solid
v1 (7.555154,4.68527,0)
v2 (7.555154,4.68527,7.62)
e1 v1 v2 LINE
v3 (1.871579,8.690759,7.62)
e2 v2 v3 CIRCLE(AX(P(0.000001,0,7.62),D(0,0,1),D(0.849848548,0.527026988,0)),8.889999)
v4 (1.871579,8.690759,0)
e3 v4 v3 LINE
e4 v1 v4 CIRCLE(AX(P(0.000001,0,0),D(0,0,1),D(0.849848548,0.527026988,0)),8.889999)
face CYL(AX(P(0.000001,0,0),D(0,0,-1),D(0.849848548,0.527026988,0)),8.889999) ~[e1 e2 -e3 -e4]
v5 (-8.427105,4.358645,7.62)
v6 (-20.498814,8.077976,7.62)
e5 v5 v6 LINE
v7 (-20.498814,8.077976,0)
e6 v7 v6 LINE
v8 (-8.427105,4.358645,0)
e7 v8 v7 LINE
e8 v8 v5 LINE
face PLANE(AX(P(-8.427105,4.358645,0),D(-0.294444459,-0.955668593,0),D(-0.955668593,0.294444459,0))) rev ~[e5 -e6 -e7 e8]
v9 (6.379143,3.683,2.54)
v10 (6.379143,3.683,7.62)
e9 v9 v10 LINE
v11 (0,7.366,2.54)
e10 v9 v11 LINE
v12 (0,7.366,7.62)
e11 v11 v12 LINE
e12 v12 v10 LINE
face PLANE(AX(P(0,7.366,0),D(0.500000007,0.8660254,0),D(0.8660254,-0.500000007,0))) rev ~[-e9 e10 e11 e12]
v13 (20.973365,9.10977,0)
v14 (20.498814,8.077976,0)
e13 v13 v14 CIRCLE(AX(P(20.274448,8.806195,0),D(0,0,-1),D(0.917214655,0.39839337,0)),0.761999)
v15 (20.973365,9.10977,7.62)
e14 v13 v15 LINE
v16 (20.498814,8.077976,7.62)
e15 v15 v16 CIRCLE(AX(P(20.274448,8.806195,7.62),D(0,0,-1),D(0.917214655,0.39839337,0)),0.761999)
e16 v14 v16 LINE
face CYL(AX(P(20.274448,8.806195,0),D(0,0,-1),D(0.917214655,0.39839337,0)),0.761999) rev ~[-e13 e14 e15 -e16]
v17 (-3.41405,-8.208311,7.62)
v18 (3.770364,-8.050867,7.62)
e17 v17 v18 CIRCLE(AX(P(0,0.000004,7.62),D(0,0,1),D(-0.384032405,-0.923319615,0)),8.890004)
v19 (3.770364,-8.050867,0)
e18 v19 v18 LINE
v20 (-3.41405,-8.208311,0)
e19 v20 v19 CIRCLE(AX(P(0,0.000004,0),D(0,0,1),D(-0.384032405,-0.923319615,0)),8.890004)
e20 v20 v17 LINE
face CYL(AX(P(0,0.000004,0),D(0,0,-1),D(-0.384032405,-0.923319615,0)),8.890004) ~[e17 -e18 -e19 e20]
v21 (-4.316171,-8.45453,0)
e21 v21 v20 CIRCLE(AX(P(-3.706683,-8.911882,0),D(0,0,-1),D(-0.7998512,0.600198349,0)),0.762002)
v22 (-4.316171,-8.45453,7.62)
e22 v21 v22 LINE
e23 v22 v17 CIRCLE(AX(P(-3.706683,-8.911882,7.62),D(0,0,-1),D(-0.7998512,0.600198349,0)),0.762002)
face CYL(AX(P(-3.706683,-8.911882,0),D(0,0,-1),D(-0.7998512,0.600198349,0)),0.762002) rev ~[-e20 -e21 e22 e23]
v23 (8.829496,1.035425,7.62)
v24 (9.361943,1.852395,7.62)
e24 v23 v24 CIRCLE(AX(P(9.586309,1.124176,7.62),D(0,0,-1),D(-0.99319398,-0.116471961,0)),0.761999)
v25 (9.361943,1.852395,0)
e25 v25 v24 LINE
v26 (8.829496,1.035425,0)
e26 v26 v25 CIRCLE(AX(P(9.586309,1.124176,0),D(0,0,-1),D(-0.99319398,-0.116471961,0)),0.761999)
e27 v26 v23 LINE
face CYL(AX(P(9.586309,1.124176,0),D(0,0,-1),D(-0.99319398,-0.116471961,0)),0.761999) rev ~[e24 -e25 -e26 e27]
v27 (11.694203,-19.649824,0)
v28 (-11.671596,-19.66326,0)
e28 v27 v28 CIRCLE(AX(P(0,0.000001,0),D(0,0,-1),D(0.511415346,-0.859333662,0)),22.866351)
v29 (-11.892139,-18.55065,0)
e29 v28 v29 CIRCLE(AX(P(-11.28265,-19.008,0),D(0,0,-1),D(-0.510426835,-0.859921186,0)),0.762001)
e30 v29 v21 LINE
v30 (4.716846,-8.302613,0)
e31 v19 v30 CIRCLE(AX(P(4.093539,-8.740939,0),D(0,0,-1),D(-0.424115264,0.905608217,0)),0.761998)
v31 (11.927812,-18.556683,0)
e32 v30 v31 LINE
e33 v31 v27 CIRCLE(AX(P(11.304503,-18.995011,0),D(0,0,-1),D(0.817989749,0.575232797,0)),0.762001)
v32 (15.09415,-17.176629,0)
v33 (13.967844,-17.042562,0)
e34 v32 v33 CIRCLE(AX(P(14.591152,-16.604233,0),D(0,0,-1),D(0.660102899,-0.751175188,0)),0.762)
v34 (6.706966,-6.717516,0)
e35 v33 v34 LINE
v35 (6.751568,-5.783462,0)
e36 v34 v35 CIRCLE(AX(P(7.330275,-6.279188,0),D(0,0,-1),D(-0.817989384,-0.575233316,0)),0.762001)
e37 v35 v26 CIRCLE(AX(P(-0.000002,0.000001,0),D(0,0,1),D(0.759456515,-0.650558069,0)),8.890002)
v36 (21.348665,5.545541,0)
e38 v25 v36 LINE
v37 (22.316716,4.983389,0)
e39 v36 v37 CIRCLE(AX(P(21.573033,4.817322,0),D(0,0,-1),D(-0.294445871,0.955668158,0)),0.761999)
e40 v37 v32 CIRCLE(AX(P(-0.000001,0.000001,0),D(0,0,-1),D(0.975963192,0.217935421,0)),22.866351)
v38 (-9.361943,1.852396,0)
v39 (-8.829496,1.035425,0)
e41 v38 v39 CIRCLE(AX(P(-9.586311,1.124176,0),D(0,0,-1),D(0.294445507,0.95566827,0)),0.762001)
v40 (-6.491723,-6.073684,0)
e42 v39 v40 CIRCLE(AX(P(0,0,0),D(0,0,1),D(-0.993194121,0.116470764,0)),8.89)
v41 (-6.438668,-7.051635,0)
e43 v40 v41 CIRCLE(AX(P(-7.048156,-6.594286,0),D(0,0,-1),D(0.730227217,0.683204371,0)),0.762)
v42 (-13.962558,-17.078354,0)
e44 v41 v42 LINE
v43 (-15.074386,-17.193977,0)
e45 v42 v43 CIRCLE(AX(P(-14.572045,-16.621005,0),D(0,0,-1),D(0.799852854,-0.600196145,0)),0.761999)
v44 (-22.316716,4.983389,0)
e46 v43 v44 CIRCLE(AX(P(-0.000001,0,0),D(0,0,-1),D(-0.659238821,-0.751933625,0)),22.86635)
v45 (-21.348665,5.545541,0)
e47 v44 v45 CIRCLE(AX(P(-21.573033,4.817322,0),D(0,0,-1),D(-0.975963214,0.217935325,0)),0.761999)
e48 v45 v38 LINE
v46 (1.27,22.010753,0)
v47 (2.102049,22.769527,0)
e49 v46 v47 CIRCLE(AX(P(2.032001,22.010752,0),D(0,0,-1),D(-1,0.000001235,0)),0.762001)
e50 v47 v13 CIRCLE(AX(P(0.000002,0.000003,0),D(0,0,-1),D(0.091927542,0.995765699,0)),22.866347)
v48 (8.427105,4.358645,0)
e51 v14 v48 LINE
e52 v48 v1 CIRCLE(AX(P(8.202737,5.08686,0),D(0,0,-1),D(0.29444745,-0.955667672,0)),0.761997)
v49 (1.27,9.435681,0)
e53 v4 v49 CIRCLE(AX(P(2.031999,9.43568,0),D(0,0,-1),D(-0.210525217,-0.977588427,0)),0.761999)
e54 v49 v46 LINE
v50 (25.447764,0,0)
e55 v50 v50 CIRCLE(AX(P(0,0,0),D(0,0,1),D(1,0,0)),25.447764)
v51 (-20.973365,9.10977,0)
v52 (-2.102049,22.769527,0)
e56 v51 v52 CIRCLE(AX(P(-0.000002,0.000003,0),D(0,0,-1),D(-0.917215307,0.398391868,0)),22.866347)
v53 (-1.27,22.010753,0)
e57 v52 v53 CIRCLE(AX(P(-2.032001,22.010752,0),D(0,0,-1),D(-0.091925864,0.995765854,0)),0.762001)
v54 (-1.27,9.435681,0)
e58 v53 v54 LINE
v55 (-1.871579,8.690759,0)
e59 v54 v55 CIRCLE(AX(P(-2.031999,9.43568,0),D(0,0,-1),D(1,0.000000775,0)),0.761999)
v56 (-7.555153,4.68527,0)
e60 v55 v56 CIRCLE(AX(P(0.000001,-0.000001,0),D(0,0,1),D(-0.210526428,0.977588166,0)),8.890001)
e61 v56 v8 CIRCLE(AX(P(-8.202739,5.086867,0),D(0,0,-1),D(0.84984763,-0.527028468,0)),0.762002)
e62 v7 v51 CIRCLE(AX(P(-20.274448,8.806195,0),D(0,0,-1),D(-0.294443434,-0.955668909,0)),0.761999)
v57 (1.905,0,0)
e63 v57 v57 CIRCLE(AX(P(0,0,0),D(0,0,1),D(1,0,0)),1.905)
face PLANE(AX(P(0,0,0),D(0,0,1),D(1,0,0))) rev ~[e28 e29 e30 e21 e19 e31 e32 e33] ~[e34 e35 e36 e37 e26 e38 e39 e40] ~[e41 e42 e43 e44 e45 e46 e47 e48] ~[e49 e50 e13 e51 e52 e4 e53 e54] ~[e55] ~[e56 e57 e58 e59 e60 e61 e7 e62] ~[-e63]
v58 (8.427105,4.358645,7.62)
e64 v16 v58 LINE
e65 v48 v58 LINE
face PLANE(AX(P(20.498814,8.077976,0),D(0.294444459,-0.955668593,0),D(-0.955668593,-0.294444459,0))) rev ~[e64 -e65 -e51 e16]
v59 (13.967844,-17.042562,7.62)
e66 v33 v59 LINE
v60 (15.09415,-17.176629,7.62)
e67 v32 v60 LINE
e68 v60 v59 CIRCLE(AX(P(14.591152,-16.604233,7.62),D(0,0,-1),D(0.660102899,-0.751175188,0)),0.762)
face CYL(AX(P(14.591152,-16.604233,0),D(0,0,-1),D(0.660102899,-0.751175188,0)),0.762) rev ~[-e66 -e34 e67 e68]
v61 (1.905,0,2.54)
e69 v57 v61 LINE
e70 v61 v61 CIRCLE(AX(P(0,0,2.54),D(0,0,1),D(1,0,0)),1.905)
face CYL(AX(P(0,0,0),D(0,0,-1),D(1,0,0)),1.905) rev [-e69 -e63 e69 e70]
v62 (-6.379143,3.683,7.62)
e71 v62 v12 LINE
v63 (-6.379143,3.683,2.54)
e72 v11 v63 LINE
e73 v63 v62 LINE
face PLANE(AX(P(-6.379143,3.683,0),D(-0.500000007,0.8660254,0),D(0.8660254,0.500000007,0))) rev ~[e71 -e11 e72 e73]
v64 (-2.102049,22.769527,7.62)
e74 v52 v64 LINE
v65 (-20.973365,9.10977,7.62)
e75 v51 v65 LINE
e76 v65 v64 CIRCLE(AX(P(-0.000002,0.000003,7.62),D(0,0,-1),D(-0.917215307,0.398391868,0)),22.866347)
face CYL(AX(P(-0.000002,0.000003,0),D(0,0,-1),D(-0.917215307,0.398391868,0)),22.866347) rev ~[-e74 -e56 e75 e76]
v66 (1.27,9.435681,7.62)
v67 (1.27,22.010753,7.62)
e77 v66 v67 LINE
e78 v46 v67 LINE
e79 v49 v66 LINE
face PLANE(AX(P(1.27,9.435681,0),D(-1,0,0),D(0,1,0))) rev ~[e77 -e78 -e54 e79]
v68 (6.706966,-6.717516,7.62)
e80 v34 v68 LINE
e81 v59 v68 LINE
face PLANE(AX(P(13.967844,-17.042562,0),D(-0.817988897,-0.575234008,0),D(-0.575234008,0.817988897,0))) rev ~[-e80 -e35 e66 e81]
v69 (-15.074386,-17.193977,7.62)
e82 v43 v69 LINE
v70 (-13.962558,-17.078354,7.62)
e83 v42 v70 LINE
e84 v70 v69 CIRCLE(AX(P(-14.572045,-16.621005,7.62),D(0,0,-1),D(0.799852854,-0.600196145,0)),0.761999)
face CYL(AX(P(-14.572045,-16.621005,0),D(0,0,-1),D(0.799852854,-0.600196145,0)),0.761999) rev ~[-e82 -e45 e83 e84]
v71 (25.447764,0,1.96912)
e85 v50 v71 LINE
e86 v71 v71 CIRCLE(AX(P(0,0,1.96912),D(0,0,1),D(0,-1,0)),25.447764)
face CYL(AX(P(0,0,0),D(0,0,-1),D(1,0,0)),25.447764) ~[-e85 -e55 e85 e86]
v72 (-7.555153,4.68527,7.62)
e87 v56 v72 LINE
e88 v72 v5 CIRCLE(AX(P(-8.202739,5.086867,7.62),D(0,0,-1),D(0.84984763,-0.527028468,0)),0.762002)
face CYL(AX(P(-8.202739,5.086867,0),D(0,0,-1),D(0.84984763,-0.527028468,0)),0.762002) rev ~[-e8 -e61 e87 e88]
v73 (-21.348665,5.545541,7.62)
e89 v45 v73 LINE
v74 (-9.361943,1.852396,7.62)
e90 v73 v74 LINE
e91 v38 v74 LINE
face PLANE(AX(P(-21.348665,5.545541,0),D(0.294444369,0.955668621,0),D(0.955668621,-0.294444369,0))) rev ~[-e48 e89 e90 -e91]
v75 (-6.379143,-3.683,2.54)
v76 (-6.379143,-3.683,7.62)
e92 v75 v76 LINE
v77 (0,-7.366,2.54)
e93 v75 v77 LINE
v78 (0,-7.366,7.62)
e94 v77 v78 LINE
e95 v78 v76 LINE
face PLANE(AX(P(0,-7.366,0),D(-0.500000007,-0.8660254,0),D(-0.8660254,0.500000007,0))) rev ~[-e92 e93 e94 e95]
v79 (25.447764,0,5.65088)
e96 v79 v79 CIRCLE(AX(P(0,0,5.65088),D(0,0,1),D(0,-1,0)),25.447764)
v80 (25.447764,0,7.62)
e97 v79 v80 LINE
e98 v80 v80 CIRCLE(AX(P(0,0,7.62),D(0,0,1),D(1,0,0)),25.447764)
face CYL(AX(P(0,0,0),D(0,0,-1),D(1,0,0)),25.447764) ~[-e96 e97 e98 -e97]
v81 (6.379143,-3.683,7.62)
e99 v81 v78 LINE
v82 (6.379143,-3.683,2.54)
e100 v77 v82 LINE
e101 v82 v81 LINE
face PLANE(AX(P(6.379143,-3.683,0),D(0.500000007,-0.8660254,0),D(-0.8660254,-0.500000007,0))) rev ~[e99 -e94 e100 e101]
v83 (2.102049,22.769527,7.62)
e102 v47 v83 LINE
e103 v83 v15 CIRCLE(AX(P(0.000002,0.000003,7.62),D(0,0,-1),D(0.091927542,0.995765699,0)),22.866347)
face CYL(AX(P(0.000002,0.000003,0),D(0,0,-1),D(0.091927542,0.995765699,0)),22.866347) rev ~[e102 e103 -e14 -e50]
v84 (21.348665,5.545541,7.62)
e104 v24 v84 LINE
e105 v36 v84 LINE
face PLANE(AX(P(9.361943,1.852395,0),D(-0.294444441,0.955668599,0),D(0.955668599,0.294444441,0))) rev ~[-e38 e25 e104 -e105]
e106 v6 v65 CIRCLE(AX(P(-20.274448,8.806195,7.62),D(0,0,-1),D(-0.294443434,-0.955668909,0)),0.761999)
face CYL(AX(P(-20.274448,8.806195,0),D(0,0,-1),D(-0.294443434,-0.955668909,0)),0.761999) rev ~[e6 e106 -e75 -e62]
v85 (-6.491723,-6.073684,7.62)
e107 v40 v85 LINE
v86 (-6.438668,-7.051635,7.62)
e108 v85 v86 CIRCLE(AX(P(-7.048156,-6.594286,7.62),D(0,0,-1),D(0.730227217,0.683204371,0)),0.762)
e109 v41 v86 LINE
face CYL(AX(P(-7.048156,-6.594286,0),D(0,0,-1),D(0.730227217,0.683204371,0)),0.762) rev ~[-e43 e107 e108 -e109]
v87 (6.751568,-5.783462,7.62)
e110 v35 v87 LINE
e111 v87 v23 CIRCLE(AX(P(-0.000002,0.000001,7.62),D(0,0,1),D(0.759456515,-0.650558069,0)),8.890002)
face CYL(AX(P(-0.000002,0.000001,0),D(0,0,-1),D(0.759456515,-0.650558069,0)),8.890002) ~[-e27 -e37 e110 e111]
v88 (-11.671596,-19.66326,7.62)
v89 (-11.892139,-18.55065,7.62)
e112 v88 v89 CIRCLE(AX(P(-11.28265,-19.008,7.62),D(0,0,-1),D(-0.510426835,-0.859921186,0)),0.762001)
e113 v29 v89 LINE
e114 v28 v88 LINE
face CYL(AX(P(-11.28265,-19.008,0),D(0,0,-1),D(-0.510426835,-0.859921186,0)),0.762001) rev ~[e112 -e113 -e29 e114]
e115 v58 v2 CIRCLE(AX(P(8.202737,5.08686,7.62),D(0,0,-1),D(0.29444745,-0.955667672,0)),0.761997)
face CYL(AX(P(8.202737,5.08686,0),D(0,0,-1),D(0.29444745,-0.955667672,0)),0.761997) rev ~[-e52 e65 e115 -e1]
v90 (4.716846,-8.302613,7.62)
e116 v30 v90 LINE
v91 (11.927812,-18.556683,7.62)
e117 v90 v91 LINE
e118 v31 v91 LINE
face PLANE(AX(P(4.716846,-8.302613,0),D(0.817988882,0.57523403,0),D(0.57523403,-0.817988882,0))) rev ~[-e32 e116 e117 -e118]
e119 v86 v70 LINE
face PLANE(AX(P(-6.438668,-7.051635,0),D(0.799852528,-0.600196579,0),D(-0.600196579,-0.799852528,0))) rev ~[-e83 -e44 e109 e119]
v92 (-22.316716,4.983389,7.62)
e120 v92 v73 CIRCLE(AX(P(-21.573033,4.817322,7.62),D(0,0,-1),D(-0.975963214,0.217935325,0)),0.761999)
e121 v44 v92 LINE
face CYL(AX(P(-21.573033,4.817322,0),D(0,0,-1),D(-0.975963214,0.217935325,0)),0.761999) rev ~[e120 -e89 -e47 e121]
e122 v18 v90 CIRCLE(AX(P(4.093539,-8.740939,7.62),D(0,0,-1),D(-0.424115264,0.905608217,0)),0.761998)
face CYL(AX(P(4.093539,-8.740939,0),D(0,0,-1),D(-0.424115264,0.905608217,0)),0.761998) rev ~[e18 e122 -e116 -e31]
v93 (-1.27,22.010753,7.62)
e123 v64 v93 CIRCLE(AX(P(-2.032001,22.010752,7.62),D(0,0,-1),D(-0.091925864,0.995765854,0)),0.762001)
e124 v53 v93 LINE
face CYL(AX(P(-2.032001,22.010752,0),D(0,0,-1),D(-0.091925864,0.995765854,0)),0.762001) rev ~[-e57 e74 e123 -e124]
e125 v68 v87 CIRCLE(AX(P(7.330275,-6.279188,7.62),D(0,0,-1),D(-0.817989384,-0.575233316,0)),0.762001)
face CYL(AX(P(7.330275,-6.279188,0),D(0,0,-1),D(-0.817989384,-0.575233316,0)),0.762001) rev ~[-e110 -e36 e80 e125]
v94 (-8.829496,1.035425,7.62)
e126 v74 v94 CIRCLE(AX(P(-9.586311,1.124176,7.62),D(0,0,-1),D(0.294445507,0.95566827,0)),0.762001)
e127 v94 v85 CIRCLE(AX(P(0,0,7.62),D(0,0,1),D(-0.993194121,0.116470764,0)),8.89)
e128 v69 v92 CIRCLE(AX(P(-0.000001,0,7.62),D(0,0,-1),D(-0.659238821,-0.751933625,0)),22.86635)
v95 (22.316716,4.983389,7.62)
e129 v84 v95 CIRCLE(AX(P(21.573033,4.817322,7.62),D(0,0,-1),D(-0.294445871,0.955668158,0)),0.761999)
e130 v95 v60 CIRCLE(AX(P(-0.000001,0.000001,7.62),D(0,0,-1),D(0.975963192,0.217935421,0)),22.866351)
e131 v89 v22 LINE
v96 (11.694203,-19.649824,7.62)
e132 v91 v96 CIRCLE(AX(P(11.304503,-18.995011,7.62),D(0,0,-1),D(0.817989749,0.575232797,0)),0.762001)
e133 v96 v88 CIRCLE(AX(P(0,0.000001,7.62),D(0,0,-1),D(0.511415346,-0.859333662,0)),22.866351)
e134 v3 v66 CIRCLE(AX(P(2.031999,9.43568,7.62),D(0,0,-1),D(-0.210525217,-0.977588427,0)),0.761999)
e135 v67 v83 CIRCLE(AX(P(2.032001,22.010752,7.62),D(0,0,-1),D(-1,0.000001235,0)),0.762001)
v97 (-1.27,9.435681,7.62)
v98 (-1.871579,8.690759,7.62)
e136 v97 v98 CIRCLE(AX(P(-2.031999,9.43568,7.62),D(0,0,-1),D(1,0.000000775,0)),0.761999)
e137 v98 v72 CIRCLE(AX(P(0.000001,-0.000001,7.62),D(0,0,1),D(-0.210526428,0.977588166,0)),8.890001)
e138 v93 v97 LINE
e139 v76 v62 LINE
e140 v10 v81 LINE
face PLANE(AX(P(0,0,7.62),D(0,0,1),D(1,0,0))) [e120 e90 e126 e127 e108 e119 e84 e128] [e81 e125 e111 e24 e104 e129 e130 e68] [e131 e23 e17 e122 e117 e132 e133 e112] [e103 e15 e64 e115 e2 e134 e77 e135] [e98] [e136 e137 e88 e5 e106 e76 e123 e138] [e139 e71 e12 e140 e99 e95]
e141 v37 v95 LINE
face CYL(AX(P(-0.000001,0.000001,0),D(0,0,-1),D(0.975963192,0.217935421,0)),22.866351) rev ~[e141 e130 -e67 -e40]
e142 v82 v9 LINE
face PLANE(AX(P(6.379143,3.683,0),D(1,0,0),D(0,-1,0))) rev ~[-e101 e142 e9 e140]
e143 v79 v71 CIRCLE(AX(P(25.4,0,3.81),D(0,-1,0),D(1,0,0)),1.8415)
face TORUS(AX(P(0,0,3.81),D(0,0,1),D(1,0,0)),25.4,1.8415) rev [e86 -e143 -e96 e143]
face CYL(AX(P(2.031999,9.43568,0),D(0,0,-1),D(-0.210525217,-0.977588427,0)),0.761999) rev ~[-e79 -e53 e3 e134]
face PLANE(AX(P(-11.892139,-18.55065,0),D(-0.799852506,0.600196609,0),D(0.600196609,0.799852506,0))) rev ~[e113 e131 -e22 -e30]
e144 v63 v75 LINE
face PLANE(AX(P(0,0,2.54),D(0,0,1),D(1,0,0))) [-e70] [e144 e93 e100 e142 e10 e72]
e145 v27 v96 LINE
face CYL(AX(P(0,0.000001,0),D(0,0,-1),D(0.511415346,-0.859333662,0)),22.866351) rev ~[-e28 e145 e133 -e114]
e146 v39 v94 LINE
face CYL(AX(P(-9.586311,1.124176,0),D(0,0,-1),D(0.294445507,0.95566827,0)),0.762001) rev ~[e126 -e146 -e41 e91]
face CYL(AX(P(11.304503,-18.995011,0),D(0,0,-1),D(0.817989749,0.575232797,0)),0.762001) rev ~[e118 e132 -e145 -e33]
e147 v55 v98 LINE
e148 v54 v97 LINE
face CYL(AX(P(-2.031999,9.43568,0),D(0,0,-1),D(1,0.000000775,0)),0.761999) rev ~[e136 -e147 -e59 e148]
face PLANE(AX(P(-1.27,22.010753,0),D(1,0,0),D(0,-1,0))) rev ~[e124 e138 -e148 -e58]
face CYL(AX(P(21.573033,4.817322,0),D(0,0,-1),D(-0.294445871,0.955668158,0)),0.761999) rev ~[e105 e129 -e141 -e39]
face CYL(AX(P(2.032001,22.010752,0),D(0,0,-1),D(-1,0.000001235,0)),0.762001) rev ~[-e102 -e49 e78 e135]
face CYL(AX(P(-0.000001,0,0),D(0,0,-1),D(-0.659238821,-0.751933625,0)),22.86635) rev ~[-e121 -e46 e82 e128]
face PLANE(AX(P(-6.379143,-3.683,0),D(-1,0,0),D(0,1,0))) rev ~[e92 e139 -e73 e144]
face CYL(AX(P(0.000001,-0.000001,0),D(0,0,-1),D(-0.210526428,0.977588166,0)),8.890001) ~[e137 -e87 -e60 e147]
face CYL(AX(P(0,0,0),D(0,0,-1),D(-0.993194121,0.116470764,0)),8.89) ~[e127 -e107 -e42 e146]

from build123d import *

# Parameters (mm, degrees)
F0_R     = 25.447764
F1_DEPTH = 7.62
F0_R_2   = 1.905
F2_DEPTH = 2.54
F4_R     = 1.8415


with BuildPart() as f1:
    # F0 (on Top) → F1 (new body)
    with BuildSketch(Plane.XY):
        Circle(F0_R)
        with BuildLine():
            ThreePointArc((-15.074386, -17.193977), (-21.736663, -7.098412), (-22.316716, 4.983389))
            ThreePointArc((-22.316716, 4.983389), (-21.955689, 5.476274), (-21.348665, 5.545541))
            Line((-21.348665, 5.545541), (-9.361943, 1.852396))
            ThreePointArc((-9.361943, 1.852396), (-8.947922, 1.540235), (-8.829496, 1.035425))
            ThreePointArc((-8.829496, 1.035425), (-8.445105, -2.777104), (-6.491723, -6.073684))
            ThreePointArc((-6.491723, -6.073684), (-6.287275, -6.553007), (-6.438668, -7.051635))
            Line((-6.438668, -7.051635), (-13.962558, -17.078354))
            ThreePointArc((-13.962558, -17.078354), (-14.493227, -17.378917), (-15.074386, -17.193977))
        make_face(mode=Mode.SUBTRACT)
        with BuildLine():
            Line((-11.892139, -18.55065), (-4.316171, -8.45453))
            ThreePointArc((-4.316171, -8.45453), (-3.90732, -8.176769), (-3.41405, -8.208311))
            ThreePointArc((-3.41405, -8.208311), (0.194774, -8.887866), (3.770364, -8.050867))
            ThreePointArc((3.770364, -8.050867), (4.289406, -8.004544), (4.716846, -8.302613))
            Line((4.716846, -8.302613), (11.927812, -18.556683))
            ThreePointArc((11.927812, -18.556683), (12.049678, -19.154259), (11.694203, -19.649824))
            ThreePointArc((11.694203, -19.649824), (0.013149, -22.866346), (-11.671596, -19.66326))
            ThreePointArc((-11.671596, -19.66326), (-12.030108, -19.156162), (-11.892139, -18.55065))
        make_face(mode=Mode.SUBTRACT)
        with BuildLine():
            Line((13.967844, -17.042562), (6.706966, -6.717516))
            ThreePointArc((6.706966, -6.717516), (6.569141, -6.242843), (6.751568, -5.783462))
            ThreePointArc((6.751568, -5.783462), (8.503922, -2.591411), (8.829496, 1.035425))
            ThreePointArc((8.829496, 1.035425), (8.947922, 1.540235), (9.361943, 1.852395))
            Line((9.361943, 1.852395), (21.348665, 5.545541))
            ThreePointArc((21.348665, 5.545541), (21.955689, 5.476274), (22.316716, 4.983389))
            ThreePointArc((22.316716, 4.983389), (21.740741, -7.085911), (15.09415, -17.176629))
            ThreePointArc((15.09415, -17.176629), (14.501085, -17.360892), (13.967844, -17.042562))
        make_face(mode=Mode.SUBTRACT)
        with BuildLine():
            ThreePointArc((-1.27, 9.435681), (-1.439174, 8.956931), (-1.871579, 8.690759))
            ThreePointArc((-1.871579, 8.690759), (-5.121211, 7.266725), (-7.555153, 4.68527))
            ThreePointArc((-7.555153, 4.68527), (-7.935438, 4.373286), (-8.427105, 4.358645))
            Line((-8.427105, 4.358645), (-20.498814, 8.077976))
            ThreePointArc((-20.498814, 8.077976), (-20.966736, 8.487792), (-20.973365, 9.10977))
            ThreePointArc((-20.973365, 9.10977), (-13.407682, 18.523068), (-2.102049, 22.769527))
            ThreePointArc((-2.102049, 22.769527), (-1.518548, 22.57379), (-1.27, 22.010753))
            Line((-1.27, 22.010753), (-1.27, 9.435681))
        make_face(mode=Mode.SUBTRACT)
        Polygon((6.379143, -3.683), (0, -7.366), (-6.379143, -3.683), (-6.379143, 3.683), (0, 7.366), (6.379143, 3.683), align=None, mode=Mode.SUBTRACT)
        with BuildLine():
            Line((1.27, 9.435681), (1.27, 22.010753))
            ThreePointArc((1.27, 22.010753), (1.518548, 22.57379), (2.102049, 22.769527))
            ThreePointArc((2.102049, 22.769527), (13.407682, 18.523068), (20.973365, 9.10977))
            ThreePointArc((20.973365, 9.10977), (20.966736, 8.487792), (20.498814, 8.077976))
            Line((20.498814, 8.077976), (8.427105, 4.358645))
            ThreePointArc((8.427105, 4.358645), (7.935438, 4.373285), (7.555154, 4.68527))
            ThreePointArc((7.555154, 4.68527), (5.121212, 7.266725), (1.871579, 8.690759))
            ThreePointArc((1.871579, 8.690759), (1.439174, 8.956931), (1.27, 9.435681))
        make_face(mode=Mode.SUBTRACT)
    extrude(amount=F1_DEPTH)

    # F0 (on Top) → F2 (join)
    with BuildSketch(Plane.XY):
        Polygon((-6.379143, -3.683), (0, -7.366), (6.379143, -3.683), (6.379143, 3.683), (0, 7.366), (-6.379143, 3.683), align=None)
        Circle(F0_R_2, mode=Mode.SUBTRACT)
    extrude(amount=F2_DEPTH)


with BuildPart() as f5:
    # F4 (on Front) → F5 (revolve)
    with BuildSketch(Plane.XZ):
        with Locations((25.4, 3.81)):
            Circle(F4_R)
    revolve(axis=Axis((0, 0, -1.325227), (0, 0, -1)))


with BuildPart() as f1_1:
    add(f1.part)

    # F6: cut F5
    add(f5.part, mode=Mode.SUBTRACT)


solid = f1_1.part
